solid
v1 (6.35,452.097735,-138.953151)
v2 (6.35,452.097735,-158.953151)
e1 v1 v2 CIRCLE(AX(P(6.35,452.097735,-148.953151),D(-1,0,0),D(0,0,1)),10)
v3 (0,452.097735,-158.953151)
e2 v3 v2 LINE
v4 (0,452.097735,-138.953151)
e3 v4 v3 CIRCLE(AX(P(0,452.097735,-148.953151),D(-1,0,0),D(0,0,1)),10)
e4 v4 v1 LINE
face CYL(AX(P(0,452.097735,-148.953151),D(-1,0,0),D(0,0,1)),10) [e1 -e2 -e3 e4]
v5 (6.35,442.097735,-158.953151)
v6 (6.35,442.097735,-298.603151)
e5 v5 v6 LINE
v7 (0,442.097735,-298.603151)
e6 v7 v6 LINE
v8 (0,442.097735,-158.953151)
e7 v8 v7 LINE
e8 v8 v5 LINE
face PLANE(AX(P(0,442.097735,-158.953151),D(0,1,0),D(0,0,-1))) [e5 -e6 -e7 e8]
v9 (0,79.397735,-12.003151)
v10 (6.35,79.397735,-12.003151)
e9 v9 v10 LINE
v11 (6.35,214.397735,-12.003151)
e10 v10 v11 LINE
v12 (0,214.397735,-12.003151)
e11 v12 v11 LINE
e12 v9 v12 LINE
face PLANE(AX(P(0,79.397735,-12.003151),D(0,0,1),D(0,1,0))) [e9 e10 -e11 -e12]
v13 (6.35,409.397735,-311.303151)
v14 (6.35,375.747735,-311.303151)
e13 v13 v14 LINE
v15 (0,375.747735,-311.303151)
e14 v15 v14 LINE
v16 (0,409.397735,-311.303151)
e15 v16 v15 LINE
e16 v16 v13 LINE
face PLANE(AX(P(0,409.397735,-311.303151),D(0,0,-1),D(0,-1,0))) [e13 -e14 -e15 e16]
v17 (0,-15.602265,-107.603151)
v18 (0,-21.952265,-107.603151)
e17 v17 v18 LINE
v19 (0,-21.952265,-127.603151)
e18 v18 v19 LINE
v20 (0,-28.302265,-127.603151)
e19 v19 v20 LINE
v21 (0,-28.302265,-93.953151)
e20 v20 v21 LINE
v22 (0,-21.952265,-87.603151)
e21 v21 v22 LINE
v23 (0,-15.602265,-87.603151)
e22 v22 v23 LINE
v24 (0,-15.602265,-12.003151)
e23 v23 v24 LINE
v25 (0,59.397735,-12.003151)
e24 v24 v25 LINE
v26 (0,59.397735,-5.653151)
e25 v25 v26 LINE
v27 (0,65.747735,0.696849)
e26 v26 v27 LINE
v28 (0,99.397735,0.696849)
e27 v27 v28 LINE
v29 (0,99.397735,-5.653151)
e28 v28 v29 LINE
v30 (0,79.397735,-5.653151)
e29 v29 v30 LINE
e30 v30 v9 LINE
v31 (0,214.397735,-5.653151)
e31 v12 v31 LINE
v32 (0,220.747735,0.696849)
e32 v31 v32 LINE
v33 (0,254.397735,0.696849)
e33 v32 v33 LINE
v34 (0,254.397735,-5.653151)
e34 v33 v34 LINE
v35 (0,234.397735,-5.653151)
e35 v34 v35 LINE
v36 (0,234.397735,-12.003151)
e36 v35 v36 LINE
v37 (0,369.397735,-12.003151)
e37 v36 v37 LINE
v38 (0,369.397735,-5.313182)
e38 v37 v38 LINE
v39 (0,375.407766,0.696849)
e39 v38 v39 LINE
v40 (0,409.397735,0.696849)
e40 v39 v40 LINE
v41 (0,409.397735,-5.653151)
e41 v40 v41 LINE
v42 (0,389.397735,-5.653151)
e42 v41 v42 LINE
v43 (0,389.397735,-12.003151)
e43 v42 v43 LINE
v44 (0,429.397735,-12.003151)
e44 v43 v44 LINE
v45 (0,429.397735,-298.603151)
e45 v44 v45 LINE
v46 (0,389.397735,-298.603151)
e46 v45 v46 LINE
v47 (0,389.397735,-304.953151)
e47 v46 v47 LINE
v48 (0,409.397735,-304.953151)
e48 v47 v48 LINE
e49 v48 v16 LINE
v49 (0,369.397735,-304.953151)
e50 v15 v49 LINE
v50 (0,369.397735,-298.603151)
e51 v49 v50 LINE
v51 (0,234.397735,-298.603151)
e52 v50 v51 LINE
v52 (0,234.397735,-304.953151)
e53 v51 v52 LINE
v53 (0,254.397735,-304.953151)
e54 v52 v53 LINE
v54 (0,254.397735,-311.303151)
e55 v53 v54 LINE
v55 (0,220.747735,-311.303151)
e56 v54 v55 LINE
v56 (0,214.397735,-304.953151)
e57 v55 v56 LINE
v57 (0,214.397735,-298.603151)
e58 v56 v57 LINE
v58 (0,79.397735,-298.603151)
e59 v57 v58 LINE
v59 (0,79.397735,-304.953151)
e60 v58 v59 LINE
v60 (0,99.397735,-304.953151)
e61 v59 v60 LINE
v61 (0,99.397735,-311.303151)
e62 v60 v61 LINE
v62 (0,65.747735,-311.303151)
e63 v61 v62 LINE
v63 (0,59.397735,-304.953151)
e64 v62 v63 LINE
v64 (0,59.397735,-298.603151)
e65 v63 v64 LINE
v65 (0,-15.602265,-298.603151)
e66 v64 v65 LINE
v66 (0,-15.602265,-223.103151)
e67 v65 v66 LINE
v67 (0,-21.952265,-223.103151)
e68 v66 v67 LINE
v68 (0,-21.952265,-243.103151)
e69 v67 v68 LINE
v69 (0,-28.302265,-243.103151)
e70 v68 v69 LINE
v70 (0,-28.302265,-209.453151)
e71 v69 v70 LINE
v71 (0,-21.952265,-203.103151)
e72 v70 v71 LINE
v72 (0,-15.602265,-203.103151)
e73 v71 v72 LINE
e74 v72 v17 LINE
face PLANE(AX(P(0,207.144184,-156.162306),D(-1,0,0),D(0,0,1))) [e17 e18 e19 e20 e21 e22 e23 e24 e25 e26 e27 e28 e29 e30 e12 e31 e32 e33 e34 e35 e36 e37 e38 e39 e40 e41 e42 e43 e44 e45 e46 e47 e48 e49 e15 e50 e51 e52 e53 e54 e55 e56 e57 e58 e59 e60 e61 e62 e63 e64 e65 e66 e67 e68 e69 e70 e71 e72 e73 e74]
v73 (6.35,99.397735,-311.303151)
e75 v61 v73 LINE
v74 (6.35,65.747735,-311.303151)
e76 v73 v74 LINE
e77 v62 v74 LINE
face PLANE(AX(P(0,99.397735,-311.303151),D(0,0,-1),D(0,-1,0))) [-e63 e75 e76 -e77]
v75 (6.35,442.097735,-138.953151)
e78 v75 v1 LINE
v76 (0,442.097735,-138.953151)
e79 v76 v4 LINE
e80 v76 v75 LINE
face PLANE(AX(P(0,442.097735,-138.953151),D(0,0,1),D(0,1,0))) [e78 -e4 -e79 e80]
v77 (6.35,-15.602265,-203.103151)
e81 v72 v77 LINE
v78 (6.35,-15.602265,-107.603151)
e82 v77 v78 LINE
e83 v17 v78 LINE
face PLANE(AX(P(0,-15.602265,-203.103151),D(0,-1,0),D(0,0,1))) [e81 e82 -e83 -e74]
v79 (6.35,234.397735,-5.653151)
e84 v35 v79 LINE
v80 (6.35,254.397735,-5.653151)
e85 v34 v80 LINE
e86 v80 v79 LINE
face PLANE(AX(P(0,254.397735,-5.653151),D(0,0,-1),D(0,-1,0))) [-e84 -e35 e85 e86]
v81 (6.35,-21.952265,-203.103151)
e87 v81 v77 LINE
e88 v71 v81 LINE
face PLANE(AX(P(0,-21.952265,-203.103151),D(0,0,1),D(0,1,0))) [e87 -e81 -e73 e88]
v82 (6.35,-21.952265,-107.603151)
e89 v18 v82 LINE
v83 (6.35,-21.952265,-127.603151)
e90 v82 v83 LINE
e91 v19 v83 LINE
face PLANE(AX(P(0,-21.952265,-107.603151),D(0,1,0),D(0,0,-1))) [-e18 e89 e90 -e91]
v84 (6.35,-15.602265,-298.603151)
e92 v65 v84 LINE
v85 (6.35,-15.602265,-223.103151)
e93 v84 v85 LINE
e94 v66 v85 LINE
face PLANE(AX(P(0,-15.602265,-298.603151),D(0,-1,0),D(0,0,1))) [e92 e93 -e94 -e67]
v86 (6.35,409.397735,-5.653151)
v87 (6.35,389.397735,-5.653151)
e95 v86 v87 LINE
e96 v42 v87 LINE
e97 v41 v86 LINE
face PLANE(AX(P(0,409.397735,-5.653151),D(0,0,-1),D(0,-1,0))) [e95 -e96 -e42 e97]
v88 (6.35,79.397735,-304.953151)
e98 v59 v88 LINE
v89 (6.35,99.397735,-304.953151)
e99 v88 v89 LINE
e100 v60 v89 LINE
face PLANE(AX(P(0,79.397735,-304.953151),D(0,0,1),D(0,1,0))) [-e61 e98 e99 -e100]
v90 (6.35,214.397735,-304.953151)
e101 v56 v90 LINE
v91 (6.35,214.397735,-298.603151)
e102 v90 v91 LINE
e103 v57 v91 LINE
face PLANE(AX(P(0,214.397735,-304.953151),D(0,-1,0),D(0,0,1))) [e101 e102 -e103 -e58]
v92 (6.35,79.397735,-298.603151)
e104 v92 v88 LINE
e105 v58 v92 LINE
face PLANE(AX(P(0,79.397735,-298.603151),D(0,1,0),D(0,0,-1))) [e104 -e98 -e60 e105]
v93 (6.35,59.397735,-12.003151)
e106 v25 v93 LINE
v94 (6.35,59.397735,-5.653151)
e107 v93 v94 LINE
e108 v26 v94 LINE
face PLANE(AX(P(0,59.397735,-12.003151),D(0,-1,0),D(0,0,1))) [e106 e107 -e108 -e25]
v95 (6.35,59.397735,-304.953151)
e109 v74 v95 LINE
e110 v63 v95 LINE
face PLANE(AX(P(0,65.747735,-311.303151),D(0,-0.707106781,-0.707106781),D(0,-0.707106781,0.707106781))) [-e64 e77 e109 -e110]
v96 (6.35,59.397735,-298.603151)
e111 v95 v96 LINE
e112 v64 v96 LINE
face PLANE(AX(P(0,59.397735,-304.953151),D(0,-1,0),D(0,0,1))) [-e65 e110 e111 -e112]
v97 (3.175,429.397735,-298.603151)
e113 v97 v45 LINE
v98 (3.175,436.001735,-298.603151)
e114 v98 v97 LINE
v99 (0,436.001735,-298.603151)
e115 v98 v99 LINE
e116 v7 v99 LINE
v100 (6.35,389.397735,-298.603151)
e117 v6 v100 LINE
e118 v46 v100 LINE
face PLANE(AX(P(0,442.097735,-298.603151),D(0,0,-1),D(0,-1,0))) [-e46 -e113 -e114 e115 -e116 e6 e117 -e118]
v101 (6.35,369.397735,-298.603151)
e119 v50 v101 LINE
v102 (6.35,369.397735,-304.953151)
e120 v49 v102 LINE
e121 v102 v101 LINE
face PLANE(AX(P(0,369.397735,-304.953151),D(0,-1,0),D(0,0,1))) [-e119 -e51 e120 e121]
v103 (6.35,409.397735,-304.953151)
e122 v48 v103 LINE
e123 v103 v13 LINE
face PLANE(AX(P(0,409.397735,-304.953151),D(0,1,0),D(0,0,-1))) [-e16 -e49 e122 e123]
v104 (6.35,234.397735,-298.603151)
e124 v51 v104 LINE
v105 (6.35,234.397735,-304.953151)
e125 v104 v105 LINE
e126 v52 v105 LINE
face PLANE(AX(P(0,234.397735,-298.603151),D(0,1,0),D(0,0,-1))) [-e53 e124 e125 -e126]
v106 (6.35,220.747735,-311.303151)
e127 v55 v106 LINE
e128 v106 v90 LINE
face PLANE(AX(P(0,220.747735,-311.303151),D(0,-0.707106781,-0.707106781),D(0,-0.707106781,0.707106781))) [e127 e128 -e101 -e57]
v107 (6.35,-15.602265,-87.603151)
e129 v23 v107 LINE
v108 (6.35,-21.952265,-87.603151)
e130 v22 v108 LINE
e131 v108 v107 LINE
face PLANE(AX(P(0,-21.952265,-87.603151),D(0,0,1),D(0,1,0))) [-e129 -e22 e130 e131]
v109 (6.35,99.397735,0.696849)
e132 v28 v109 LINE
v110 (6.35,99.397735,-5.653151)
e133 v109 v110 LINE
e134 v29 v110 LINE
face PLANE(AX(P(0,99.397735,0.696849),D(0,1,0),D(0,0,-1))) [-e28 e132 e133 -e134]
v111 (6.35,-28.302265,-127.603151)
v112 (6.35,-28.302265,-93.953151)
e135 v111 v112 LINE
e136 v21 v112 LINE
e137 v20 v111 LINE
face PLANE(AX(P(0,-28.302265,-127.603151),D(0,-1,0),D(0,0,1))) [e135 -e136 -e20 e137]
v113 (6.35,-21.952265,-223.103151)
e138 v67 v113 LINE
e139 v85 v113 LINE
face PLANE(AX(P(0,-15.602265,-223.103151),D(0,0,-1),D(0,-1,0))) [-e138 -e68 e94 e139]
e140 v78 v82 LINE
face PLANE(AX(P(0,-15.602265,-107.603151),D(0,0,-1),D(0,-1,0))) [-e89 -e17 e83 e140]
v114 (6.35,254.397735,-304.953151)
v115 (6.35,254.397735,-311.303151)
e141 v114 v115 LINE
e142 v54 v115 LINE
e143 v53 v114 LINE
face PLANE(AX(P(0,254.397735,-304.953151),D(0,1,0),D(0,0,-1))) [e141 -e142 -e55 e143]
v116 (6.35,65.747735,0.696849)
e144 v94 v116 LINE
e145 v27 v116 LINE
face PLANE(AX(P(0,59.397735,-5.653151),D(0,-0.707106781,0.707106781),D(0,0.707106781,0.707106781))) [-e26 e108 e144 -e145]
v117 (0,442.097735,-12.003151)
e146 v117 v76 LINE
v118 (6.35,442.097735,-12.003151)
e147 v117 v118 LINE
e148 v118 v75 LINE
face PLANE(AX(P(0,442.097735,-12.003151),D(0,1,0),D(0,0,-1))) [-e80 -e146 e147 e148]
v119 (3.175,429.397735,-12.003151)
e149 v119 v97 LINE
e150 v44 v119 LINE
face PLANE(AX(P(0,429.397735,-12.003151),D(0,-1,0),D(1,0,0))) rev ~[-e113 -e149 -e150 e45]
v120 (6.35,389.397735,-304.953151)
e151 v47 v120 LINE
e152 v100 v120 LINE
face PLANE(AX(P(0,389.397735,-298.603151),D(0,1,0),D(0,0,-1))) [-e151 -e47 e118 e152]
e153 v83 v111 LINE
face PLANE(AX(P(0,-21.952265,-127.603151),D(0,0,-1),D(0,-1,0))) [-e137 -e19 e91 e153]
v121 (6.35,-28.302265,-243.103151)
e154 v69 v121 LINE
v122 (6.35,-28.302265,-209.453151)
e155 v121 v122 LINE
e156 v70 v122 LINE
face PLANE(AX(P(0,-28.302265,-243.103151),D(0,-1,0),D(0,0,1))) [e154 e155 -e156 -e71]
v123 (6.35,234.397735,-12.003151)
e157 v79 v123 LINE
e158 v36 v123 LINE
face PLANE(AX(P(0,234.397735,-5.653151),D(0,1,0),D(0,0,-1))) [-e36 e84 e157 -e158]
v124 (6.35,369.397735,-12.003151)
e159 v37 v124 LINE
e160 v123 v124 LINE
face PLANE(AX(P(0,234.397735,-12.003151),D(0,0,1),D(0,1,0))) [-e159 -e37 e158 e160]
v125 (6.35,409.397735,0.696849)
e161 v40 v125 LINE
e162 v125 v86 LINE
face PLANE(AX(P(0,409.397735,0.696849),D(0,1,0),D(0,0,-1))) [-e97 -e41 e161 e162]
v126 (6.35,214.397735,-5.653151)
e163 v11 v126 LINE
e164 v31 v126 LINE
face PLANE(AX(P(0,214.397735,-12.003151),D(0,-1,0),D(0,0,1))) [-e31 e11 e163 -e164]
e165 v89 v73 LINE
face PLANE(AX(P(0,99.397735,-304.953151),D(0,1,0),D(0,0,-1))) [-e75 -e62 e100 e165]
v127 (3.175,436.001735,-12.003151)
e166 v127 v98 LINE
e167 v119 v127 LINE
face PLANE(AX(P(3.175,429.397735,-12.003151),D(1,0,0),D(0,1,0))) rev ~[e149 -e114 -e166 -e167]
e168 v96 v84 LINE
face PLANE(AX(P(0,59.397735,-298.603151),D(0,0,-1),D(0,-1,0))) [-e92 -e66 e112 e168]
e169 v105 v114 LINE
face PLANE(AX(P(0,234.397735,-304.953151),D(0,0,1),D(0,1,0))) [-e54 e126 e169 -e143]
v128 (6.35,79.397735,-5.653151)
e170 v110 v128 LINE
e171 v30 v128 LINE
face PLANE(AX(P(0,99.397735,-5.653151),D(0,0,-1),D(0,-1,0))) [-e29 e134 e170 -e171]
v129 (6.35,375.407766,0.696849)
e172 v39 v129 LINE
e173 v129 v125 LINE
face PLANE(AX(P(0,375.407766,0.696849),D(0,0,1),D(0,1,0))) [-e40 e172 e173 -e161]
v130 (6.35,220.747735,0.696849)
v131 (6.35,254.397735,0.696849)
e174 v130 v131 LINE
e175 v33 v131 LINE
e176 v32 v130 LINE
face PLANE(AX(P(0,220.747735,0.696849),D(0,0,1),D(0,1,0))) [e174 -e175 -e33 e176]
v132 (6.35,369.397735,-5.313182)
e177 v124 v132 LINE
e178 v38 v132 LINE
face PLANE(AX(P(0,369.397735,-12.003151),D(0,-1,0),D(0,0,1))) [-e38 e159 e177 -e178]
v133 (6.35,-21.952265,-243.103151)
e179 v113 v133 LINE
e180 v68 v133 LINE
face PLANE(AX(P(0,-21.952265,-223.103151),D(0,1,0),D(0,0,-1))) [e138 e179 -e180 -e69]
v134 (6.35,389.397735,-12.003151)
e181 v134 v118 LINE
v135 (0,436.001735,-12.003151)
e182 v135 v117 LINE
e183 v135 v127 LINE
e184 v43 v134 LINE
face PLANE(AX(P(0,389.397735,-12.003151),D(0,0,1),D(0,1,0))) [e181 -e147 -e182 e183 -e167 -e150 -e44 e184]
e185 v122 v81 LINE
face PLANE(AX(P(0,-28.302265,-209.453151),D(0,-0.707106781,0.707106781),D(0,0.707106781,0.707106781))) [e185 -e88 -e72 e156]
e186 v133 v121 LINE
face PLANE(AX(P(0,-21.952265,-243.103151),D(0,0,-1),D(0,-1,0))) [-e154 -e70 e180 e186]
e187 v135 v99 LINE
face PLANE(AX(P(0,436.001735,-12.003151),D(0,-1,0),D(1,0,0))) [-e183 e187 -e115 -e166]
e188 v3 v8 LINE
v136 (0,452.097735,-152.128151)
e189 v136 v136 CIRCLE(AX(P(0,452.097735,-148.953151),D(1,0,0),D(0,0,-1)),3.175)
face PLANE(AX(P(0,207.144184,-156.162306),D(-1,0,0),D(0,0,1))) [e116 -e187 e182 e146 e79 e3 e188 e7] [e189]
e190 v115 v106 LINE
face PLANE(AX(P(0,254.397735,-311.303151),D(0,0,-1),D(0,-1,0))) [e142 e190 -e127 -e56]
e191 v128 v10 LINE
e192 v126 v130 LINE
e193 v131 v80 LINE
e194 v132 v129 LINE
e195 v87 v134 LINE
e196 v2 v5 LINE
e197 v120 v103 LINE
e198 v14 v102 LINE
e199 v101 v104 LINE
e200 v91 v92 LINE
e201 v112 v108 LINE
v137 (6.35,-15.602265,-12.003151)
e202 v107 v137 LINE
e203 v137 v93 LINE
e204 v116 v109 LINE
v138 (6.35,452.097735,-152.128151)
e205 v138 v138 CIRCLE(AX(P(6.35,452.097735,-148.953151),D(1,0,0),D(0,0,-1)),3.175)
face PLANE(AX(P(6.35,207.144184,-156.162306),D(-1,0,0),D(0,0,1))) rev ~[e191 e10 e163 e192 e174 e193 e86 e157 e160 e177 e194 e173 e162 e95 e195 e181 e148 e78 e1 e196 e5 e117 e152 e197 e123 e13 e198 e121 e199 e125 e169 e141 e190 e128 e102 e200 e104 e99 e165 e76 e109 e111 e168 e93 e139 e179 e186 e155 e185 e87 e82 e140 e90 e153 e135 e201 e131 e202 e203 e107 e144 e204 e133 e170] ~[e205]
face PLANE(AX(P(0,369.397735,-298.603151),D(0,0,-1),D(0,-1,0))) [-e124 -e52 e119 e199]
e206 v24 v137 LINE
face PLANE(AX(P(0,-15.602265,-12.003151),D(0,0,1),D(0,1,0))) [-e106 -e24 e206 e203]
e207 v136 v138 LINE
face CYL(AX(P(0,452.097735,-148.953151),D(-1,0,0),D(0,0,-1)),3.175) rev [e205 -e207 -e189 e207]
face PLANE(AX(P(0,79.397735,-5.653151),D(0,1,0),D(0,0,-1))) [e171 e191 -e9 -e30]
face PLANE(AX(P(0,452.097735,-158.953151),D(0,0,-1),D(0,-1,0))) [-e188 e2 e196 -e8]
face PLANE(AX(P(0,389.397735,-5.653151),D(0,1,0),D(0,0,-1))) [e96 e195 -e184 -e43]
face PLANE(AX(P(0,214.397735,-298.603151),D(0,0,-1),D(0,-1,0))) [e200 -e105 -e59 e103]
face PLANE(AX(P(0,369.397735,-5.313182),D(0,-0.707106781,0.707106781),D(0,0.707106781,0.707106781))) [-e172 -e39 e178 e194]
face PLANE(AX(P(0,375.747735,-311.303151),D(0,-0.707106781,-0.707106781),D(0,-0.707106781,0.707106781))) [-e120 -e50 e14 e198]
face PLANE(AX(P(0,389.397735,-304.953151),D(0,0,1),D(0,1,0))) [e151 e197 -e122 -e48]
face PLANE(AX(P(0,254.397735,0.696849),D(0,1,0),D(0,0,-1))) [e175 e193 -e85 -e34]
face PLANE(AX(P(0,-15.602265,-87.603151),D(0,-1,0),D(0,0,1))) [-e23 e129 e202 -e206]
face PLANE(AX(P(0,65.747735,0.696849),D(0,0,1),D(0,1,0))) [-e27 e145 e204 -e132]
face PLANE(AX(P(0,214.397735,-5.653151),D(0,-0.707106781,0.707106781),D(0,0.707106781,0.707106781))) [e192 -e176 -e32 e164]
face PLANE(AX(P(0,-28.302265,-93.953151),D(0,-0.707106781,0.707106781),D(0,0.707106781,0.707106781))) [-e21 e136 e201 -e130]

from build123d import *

# Parameters (mm, degrees)
SKETCH2_R           = 3.175
BOSS_EXTRUDE1_DEPTH = 6.35
SKETCH3_W           = 3.175
SKETCH3_H           = 6.604
CUT_EXTRUDE1_DEPTH  = 551.59524986


with BuildPart() as part:
    # Sketch2 → Boss-Extrude1 (new body)
    with BuildSketch(Plane(origin=(0, 0, 0), x_dir=(0, 0, -1), z_dir=(1, 0, 0))):
        with BuildLine():
            Line((12.003150763, 442.097734975), (138.953150763, 442.097734975))
            Line((138.953150763, 442.097734975), (138.953150763, 452.097734975))
            ThreePointArc((138.953150763, 452.097734975), (148.953150763, 462.097734975), (158.953150763, 452.097734975))
            Line((158.953150763, 452.097734975), (158.953150763, 442.097734975))
            Line((158.953150763, 442.097734975), (298.603150763, 442.097734975))
            Line((298.603150763, 442.097734975), (298.603150763, 389.397734975))
            Line((298.603150763, 389.397734975), (304.953150763, 389.397734975))
            Line((304.953150763, 389.397734975), (304.953150763, 409.397734975))
            Line((304.953150763, 409.397734975), (311.303150763, 409.397734975))
            Line((311.303150763, 409.397734975), (311.303150763, 375.747734975))
            Line((311.303150763, 375.747734975), (304.953150763, 369.397734975))
            Line((304.953150763, 369.397734975), (298.603150763, 369.397734975))
            Line((298.603150763, 369.397734975), (298.603150763, 234.397734975))
            Line((298.603150763, 234.397734975), (304.953150763, 234.397734975))
            Line((304.953150763, 234.397734975), (304.953150763, 254.397734975))
            Line((304.953150763, 254.397734975), (311.303150763, 254.397734975))
            Line((311.303150763, 254.397734975), (311.303150763, 220.747734975))
            Line((311.303150763, 220.747734975), (304.953150763, 214.397734975))
            Line((304.953150763, 214.397734975), (298.603150763, 214.397734975))
            Line((298.603150763, 214.397734975), (298.603150763, 79.397734975))
            Line((298.603150763, 79.397734975), (304.953150763, 79.397734975))
            Line((304.953150763, 79.397734975), (304.953150763, 99.397734975))
            Line((304.953150763, 99.397734975), (311.303150763, 99.397734975))
            Line((311.303150763, 99.397734975), (311.303150763, 65.747734975))
            Line((311.303150763, 65.747734975), (304.953150763, 59.397734975))
            Line((304.953150763, 59.397734975), (298.603150763, 59.397734975))
            Line((298.603150763, 59.397734975), (298.603150763, -15.602265025))
            Line((298.603150763, -15.602265025), (223.103150763, -15.602265025))
            Line((223.103150763, -15.602265025), (223.103150763, -21.952265025))
            Line((223.103150763, -21.952265025), (243.103150763, -21.952265025))
            Line((243.103150763, -21.952265025), (243.103150763, -28.302265025))
            Line((243.103150763, -28.302265025), (209.453150763, -28.302265025))
            Line((209.453150763, -28.302265025), (203.103150763, -21.952265025))
            Line((203.103150763, -21.952265025), (203.103150763, -15.602265025))
            Line((203.103150763, -15.602265025), (107.603150763, -15.602265025))
            Line((107.603150763, -15.602265025), (107.603150763, -21.952265025))
            Line((107.603150763, -21.952265025), (127.603150763, -21.952265025))
            Line((127.603150763, -21.952265025), (127.603150763, -28.302265025))
            Line((127.603150763, -28.302265025), (93.953150763, -28.302265025))
            Line((93.953150763, -28.302265025), (87.603150763, -21.952265025))
            Line((87.603150763, -21.952265025), (87.603150763, -15.602265025))
            Line((87.603150763, -15.602265025), (12.003150763, -15.602265025))
            Line((12.003150763, -15.602265025), (12.003150763, 59.397734975))
            Line((12.003150763, 59.397734975), (5.653150763, 59.397734975))
            Line((5.653150763, 59.397734975), (-0.696849237, 65.747734975))
            Line((-0.696849237, 65.747734975), (-0.696849237, 99.397734975))
            Line((-0.696849237, 99.397734975), (5.653150763, 99.397734975))
            Line((5.653150763, 99.397734975), (5.653150763, 79.397734975))
            Line((5.653150763, 79.397734975), (12.003150763, 79.397734975))
            Line((12.003150763, 79.397734975), (12.003150763, 214.366115656))
            Line((12.003150763, 214.366115656), (12.003150763, 214.397734975))
            Line((12.003150763, 214.397734975), (5.653150763, 214.397734975))
            Line((5.653150763, 214.397734975), (-0.696849237, 220.747734975))
            Line((-0.696849237, 220.747734975), (-0.696849237, 254.397734975))
            Line((-0.696849237, 254.397734975), (5.653150763, 254.397734975))
            Line((5.653150763, 254.397734975), (5.653150763, 234.397734975))
            Line((5.653150763, 234.397734975), (12.003150763, 234.397734975))
            Line((12.003150763, 234.397734975), (12.003150763, 369.397734975))
            Line((12.003150763, 369.397734975), (5.313181696, 369.397734975))
            Line((5.313181696, 369.397734975), (-0.696849237, 375.407765908))
            Line((-0.696849237, 375.407765908), (-0.696849237, 409.397734975))
            Line((-0.696849237, 409.397734975), (5.653150763, 409.397734975))
            Line((5.653150763, 409.397734975), (5.653150763, 389.397734975))
            Line((5.653150763, 389.397734975), (12.003150763, 389.397734975))
            Line((12.003150763, 389.397734975), (12.003150763, 442.097734975))
        make_face()
        with Locations((148.953150763, 452.097734975)):
            Circle(SKETCH2_R, mode=Mode.SUBTRACT)
    extrude(amount=BOSS_EXTRUDE1_DEPTH)

    # Sketch3 → Cut-Extrude1 (cut, through all)
    with BuildSketch(Plane.XY.offset(-12.003150763)):
        with Locations((1.5875, 432.699734975)):
            Rectangle(SKETCH3_W, SKETCH3_H)
    extrude(amount=-CUT_EXTRUDE1_DEPTH, mode=Mode.SUBTRACT)


solid = part.part
